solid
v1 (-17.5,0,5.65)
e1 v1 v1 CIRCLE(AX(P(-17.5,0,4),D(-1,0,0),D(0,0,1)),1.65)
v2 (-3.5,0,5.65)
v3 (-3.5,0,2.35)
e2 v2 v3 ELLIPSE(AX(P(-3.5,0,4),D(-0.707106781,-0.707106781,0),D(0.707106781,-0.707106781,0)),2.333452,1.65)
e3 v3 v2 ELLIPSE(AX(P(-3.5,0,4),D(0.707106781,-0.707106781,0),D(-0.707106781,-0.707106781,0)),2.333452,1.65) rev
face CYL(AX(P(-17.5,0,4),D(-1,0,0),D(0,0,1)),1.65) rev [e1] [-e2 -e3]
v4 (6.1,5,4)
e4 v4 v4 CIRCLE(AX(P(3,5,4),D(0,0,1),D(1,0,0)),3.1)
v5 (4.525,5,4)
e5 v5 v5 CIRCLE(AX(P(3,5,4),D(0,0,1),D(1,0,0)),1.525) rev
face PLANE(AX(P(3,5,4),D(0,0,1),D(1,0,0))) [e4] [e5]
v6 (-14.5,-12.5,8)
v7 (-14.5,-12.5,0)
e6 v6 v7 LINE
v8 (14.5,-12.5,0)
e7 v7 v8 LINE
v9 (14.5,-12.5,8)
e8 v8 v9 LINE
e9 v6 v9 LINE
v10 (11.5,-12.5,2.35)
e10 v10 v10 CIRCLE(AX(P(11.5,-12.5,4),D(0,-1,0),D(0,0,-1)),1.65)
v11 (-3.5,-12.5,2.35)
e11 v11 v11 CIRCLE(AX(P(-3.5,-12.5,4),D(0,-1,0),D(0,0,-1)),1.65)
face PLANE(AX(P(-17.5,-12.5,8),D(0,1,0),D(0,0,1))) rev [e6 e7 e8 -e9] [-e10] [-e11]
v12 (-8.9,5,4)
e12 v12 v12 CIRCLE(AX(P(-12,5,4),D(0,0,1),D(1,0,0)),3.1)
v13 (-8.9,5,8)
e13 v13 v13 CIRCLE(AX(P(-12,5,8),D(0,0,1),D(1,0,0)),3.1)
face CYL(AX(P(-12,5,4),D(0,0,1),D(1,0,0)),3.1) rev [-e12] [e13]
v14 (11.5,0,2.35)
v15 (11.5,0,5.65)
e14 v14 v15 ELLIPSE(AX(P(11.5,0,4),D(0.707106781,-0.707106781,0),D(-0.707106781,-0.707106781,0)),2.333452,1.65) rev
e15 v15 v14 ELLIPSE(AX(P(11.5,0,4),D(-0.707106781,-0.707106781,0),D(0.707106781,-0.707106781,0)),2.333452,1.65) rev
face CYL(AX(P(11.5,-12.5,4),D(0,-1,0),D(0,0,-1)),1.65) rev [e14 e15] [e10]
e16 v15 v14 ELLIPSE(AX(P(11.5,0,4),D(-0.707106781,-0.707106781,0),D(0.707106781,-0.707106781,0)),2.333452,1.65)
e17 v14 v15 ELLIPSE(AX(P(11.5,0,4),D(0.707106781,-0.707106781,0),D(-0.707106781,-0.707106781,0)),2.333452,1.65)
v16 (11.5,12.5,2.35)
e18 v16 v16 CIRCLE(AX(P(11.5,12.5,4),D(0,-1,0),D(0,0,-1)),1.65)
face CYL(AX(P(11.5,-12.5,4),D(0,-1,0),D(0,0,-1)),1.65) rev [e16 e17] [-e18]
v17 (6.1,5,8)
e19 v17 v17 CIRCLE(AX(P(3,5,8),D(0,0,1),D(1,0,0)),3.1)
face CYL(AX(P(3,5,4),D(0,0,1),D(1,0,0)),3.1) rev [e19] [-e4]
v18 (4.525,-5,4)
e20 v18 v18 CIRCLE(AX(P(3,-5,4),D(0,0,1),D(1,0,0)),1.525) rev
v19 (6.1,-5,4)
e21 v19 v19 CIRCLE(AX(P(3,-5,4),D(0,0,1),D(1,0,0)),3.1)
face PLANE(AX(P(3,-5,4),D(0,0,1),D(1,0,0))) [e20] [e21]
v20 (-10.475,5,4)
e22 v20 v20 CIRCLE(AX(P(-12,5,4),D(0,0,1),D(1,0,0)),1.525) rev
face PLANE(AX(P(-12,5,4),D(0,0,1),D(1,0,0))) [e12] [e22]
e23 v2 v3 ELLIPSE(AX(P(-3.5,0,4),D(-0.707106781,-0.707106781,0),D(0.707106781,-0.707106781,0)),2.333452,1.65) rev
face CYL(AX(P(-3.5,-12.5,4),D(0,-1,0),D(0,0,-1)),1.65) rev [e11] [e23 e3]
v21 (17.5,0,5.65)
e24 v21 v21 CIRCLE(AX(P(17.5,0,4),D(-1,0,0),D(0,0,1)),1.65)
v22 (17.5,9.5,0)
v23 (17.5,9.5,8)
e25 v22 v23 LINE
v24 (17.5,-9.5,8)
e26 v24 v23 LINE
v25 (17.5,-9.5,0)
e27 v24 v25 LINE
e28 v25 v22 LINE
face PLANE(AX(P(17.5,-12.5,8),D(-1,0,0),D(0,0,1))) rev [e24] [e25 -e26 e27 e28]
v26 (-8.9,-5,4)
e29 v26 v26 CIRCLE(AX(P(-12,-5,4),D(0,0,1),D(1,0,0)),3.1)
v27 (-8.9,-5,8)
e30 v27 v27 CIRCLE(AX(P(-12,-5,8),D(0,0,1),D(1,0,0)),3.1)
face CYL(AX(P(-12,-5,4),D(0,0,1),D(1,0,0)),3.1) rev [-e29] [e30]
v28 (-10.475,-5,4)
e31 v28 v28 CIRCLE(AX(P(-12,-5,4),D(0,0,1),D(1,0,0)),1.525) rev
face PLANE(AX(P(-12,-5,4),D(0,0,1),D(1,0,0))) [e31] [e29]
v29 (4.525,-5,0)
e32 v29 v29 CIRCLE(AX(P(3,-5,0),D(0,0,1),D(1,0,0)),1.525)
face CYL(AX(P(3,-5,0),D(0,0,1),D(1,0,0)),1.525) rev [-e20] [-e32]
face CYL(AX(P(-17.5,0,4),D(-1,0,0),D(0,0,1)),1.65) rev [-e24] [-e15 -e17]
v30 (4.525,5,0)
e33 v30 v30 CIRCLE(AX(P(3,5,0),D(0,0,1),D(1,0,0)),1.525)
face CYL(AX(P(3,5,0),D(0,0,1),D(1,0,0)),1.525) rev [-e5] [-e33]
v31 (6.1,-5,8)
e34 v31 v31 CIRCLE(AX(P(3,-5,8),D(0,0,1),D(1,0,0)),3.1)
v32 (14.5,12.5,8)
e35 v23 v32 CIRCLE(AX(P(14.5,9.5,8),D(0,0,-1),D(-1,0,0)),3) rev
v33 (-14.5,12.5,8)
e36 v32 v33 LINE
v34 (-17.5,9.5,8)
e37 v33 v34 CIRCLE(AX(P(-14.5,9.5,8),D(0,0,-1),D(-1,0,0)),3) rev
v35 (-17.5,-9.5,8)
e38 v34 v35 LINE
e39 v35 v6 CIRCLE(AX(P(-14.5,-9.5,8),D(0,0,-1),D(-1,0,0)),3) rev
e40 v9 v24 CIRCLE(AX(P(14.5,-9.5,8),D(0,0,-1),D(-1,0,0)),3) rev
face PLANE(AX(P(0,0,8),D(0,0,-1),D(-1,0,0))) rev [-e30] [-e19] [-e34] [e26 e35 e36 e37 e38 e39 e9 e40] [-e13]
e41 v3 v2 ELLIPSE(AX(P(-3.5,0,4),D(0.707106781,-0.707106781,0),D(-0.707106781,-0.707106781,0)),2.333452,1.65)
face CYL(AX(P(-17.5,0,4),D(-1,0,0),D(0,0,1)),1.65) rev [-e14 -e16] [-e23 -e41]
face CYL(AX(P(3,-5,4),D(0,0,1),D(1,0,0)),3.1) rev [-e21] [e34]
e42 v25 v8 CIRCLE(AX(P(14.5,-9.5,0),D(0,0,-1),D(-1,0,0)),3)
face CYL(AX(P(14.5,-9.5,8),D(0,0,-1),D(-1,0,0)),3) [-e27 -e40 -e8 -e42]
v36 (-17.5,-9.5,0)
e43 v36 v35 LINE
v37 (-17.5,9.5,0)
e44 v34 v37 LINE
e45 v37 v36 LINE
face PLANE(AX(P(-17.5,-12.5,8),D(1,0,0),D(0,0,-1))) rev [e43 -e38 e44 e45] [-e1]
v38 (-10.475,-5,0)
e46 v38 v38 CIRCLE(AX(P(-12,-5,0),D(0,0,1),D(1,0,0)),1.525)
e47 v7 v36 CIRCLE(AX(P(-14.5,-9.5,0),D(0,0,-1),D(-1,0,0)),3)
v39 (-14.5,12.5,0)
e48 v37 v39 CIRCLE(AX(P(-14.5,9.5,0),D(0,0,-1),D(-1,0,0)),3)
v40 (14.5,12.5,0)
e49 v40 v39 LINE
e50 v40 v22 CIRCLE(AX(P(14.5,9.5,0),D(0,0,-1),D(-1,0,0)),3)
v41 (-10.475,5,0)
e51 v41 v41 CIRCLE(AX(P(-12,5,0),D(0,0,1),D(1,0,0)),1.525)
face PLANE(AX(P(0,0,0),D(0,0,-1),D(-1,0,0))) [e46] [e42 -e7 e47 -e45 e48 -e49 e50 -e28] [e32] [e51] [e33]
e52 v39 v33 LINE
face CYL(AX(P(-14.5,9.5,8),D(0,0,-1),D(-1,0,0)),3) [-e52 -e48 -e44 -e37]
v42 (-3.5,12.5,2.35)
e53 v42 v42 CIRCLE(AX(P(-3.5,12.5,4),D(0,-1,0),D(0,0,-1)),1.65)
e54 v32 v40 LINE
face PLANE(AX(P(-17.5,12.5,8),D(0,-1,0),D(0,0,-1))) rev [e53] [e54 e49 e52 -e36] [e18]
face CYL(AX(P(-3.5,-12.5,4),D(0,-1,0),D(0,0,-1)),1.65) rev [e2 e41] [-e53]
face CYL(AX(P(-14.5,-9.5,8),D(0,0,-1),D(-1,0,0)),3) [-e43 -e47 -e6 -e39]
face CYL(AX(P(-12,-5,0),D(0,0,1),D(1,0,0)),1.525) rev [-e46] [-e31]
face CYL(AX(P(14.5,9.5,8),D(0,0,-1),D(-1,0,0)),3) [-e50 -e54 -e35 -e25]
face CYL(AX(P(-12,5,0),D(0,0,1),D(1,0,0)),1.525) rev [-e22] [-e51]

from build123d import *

# Parameters (mm, degrees)
SKETCH_1_W               = 35
SKETCH_1_H               = 25
EXTRUDE_1_DEPTH          = 8
FILLET_1_R               = 3
SKETCH_2_R               = 1.524999998
CUT_EXTRUDE_1_DEPTH      = 1
CUT_EXTRUDE_1_DEPTH_BACK = 9
SKETCH_3_R               = 3.099999998
CUT_EXTRUDE_2_DEPTH      = 4
HOLE_WIZARD_M4_1_D       = 3.3
HOLE_WIZARD_M4_2_D       = 3.3


with BuildPart() as part:
    # 草图1 → 凸台-拉伸1 (new body)
    with BuildSketch(Plane.XY):
        Rectangle(SKETCH_1_W, SKETCH_1_H)
    extrude(amount=EXTRUDE_1_DEPTH)

    # 圆角1
    fillet_1_edges = [part.edges().sort_by_distance(p)[0] for p in [
        (17.5, -12.5, 4),
        (-17.5, -12.5, 4),
        (-17.5, 12.5, 4),
        (17.5, 12.5, 4),
    ]]
    fillet(fillet_1_edges, radius=FILLET_1_R)

    # 草图2 → 切除-拉伸1 (cut, two sides)
    with BuildSketch(Plane.XY.offset(8)) as cut_extrude_1_sk:
        with Locations((3, 5.000000008)):
            Circle(SKETCH_2_R)
        with Locations((3, -4.999999992)):
            Circle(SKETCH_2_R)
        with Locations((-12, 5.000000008)):
            Circle(SKETCH_2_R)
        with Locations((-12, -4.999999992)):
            Circle(SKETCH_2_R)
    extrude(amount=CUT_EXTRUDE_1_DEPTH, mode=Mode.SUBTRACT)
    extrude(cut_extrude_1_sk.sketch, amount=-CUT_EXTRUDE_1_DEPTH_BACK, mode=Mode.SUBTRACT)

    # 草图3 → 切除-拉伸2 (cut)
    with BuildSketch(Plane.XY.offset(8)):
        with Locations((3, 5.000000008)):
            Circle(SKETCH_3_R)
        with Locations((-12, 5.000000008)):
            Circle(SKETCH_3_R)
        with Locations((3, -4.999999992)):
            Circle(SKETCH_3_R)
        with Locations((-12, -4.999999992)):
            Circle(SKETCH_3_R)
    extrude(amount=-CUT_EXTRUDE_2_DEPTH, mode=Mode.SUBTRACT)

    # M4 螺纹孔1 (through all)
    with Locations(Plane(origin=(-3.5, -12.5, 4), x_dir=(0, 0, -1), z_dir=(0, -1, 0))):
        with Locations((0, 0), (0, 15)):
            Hole(HOLE_WIZARD_M4_1_D / 2)

    # M4 螺纹孔2 (through all)
    with Locations(Plane.ZY.offset(17.5)):
        with Locations((4, 9e-09)):
            Hole(HOLE_WIZARD_M4_2_D / 2)


solid = part.part
